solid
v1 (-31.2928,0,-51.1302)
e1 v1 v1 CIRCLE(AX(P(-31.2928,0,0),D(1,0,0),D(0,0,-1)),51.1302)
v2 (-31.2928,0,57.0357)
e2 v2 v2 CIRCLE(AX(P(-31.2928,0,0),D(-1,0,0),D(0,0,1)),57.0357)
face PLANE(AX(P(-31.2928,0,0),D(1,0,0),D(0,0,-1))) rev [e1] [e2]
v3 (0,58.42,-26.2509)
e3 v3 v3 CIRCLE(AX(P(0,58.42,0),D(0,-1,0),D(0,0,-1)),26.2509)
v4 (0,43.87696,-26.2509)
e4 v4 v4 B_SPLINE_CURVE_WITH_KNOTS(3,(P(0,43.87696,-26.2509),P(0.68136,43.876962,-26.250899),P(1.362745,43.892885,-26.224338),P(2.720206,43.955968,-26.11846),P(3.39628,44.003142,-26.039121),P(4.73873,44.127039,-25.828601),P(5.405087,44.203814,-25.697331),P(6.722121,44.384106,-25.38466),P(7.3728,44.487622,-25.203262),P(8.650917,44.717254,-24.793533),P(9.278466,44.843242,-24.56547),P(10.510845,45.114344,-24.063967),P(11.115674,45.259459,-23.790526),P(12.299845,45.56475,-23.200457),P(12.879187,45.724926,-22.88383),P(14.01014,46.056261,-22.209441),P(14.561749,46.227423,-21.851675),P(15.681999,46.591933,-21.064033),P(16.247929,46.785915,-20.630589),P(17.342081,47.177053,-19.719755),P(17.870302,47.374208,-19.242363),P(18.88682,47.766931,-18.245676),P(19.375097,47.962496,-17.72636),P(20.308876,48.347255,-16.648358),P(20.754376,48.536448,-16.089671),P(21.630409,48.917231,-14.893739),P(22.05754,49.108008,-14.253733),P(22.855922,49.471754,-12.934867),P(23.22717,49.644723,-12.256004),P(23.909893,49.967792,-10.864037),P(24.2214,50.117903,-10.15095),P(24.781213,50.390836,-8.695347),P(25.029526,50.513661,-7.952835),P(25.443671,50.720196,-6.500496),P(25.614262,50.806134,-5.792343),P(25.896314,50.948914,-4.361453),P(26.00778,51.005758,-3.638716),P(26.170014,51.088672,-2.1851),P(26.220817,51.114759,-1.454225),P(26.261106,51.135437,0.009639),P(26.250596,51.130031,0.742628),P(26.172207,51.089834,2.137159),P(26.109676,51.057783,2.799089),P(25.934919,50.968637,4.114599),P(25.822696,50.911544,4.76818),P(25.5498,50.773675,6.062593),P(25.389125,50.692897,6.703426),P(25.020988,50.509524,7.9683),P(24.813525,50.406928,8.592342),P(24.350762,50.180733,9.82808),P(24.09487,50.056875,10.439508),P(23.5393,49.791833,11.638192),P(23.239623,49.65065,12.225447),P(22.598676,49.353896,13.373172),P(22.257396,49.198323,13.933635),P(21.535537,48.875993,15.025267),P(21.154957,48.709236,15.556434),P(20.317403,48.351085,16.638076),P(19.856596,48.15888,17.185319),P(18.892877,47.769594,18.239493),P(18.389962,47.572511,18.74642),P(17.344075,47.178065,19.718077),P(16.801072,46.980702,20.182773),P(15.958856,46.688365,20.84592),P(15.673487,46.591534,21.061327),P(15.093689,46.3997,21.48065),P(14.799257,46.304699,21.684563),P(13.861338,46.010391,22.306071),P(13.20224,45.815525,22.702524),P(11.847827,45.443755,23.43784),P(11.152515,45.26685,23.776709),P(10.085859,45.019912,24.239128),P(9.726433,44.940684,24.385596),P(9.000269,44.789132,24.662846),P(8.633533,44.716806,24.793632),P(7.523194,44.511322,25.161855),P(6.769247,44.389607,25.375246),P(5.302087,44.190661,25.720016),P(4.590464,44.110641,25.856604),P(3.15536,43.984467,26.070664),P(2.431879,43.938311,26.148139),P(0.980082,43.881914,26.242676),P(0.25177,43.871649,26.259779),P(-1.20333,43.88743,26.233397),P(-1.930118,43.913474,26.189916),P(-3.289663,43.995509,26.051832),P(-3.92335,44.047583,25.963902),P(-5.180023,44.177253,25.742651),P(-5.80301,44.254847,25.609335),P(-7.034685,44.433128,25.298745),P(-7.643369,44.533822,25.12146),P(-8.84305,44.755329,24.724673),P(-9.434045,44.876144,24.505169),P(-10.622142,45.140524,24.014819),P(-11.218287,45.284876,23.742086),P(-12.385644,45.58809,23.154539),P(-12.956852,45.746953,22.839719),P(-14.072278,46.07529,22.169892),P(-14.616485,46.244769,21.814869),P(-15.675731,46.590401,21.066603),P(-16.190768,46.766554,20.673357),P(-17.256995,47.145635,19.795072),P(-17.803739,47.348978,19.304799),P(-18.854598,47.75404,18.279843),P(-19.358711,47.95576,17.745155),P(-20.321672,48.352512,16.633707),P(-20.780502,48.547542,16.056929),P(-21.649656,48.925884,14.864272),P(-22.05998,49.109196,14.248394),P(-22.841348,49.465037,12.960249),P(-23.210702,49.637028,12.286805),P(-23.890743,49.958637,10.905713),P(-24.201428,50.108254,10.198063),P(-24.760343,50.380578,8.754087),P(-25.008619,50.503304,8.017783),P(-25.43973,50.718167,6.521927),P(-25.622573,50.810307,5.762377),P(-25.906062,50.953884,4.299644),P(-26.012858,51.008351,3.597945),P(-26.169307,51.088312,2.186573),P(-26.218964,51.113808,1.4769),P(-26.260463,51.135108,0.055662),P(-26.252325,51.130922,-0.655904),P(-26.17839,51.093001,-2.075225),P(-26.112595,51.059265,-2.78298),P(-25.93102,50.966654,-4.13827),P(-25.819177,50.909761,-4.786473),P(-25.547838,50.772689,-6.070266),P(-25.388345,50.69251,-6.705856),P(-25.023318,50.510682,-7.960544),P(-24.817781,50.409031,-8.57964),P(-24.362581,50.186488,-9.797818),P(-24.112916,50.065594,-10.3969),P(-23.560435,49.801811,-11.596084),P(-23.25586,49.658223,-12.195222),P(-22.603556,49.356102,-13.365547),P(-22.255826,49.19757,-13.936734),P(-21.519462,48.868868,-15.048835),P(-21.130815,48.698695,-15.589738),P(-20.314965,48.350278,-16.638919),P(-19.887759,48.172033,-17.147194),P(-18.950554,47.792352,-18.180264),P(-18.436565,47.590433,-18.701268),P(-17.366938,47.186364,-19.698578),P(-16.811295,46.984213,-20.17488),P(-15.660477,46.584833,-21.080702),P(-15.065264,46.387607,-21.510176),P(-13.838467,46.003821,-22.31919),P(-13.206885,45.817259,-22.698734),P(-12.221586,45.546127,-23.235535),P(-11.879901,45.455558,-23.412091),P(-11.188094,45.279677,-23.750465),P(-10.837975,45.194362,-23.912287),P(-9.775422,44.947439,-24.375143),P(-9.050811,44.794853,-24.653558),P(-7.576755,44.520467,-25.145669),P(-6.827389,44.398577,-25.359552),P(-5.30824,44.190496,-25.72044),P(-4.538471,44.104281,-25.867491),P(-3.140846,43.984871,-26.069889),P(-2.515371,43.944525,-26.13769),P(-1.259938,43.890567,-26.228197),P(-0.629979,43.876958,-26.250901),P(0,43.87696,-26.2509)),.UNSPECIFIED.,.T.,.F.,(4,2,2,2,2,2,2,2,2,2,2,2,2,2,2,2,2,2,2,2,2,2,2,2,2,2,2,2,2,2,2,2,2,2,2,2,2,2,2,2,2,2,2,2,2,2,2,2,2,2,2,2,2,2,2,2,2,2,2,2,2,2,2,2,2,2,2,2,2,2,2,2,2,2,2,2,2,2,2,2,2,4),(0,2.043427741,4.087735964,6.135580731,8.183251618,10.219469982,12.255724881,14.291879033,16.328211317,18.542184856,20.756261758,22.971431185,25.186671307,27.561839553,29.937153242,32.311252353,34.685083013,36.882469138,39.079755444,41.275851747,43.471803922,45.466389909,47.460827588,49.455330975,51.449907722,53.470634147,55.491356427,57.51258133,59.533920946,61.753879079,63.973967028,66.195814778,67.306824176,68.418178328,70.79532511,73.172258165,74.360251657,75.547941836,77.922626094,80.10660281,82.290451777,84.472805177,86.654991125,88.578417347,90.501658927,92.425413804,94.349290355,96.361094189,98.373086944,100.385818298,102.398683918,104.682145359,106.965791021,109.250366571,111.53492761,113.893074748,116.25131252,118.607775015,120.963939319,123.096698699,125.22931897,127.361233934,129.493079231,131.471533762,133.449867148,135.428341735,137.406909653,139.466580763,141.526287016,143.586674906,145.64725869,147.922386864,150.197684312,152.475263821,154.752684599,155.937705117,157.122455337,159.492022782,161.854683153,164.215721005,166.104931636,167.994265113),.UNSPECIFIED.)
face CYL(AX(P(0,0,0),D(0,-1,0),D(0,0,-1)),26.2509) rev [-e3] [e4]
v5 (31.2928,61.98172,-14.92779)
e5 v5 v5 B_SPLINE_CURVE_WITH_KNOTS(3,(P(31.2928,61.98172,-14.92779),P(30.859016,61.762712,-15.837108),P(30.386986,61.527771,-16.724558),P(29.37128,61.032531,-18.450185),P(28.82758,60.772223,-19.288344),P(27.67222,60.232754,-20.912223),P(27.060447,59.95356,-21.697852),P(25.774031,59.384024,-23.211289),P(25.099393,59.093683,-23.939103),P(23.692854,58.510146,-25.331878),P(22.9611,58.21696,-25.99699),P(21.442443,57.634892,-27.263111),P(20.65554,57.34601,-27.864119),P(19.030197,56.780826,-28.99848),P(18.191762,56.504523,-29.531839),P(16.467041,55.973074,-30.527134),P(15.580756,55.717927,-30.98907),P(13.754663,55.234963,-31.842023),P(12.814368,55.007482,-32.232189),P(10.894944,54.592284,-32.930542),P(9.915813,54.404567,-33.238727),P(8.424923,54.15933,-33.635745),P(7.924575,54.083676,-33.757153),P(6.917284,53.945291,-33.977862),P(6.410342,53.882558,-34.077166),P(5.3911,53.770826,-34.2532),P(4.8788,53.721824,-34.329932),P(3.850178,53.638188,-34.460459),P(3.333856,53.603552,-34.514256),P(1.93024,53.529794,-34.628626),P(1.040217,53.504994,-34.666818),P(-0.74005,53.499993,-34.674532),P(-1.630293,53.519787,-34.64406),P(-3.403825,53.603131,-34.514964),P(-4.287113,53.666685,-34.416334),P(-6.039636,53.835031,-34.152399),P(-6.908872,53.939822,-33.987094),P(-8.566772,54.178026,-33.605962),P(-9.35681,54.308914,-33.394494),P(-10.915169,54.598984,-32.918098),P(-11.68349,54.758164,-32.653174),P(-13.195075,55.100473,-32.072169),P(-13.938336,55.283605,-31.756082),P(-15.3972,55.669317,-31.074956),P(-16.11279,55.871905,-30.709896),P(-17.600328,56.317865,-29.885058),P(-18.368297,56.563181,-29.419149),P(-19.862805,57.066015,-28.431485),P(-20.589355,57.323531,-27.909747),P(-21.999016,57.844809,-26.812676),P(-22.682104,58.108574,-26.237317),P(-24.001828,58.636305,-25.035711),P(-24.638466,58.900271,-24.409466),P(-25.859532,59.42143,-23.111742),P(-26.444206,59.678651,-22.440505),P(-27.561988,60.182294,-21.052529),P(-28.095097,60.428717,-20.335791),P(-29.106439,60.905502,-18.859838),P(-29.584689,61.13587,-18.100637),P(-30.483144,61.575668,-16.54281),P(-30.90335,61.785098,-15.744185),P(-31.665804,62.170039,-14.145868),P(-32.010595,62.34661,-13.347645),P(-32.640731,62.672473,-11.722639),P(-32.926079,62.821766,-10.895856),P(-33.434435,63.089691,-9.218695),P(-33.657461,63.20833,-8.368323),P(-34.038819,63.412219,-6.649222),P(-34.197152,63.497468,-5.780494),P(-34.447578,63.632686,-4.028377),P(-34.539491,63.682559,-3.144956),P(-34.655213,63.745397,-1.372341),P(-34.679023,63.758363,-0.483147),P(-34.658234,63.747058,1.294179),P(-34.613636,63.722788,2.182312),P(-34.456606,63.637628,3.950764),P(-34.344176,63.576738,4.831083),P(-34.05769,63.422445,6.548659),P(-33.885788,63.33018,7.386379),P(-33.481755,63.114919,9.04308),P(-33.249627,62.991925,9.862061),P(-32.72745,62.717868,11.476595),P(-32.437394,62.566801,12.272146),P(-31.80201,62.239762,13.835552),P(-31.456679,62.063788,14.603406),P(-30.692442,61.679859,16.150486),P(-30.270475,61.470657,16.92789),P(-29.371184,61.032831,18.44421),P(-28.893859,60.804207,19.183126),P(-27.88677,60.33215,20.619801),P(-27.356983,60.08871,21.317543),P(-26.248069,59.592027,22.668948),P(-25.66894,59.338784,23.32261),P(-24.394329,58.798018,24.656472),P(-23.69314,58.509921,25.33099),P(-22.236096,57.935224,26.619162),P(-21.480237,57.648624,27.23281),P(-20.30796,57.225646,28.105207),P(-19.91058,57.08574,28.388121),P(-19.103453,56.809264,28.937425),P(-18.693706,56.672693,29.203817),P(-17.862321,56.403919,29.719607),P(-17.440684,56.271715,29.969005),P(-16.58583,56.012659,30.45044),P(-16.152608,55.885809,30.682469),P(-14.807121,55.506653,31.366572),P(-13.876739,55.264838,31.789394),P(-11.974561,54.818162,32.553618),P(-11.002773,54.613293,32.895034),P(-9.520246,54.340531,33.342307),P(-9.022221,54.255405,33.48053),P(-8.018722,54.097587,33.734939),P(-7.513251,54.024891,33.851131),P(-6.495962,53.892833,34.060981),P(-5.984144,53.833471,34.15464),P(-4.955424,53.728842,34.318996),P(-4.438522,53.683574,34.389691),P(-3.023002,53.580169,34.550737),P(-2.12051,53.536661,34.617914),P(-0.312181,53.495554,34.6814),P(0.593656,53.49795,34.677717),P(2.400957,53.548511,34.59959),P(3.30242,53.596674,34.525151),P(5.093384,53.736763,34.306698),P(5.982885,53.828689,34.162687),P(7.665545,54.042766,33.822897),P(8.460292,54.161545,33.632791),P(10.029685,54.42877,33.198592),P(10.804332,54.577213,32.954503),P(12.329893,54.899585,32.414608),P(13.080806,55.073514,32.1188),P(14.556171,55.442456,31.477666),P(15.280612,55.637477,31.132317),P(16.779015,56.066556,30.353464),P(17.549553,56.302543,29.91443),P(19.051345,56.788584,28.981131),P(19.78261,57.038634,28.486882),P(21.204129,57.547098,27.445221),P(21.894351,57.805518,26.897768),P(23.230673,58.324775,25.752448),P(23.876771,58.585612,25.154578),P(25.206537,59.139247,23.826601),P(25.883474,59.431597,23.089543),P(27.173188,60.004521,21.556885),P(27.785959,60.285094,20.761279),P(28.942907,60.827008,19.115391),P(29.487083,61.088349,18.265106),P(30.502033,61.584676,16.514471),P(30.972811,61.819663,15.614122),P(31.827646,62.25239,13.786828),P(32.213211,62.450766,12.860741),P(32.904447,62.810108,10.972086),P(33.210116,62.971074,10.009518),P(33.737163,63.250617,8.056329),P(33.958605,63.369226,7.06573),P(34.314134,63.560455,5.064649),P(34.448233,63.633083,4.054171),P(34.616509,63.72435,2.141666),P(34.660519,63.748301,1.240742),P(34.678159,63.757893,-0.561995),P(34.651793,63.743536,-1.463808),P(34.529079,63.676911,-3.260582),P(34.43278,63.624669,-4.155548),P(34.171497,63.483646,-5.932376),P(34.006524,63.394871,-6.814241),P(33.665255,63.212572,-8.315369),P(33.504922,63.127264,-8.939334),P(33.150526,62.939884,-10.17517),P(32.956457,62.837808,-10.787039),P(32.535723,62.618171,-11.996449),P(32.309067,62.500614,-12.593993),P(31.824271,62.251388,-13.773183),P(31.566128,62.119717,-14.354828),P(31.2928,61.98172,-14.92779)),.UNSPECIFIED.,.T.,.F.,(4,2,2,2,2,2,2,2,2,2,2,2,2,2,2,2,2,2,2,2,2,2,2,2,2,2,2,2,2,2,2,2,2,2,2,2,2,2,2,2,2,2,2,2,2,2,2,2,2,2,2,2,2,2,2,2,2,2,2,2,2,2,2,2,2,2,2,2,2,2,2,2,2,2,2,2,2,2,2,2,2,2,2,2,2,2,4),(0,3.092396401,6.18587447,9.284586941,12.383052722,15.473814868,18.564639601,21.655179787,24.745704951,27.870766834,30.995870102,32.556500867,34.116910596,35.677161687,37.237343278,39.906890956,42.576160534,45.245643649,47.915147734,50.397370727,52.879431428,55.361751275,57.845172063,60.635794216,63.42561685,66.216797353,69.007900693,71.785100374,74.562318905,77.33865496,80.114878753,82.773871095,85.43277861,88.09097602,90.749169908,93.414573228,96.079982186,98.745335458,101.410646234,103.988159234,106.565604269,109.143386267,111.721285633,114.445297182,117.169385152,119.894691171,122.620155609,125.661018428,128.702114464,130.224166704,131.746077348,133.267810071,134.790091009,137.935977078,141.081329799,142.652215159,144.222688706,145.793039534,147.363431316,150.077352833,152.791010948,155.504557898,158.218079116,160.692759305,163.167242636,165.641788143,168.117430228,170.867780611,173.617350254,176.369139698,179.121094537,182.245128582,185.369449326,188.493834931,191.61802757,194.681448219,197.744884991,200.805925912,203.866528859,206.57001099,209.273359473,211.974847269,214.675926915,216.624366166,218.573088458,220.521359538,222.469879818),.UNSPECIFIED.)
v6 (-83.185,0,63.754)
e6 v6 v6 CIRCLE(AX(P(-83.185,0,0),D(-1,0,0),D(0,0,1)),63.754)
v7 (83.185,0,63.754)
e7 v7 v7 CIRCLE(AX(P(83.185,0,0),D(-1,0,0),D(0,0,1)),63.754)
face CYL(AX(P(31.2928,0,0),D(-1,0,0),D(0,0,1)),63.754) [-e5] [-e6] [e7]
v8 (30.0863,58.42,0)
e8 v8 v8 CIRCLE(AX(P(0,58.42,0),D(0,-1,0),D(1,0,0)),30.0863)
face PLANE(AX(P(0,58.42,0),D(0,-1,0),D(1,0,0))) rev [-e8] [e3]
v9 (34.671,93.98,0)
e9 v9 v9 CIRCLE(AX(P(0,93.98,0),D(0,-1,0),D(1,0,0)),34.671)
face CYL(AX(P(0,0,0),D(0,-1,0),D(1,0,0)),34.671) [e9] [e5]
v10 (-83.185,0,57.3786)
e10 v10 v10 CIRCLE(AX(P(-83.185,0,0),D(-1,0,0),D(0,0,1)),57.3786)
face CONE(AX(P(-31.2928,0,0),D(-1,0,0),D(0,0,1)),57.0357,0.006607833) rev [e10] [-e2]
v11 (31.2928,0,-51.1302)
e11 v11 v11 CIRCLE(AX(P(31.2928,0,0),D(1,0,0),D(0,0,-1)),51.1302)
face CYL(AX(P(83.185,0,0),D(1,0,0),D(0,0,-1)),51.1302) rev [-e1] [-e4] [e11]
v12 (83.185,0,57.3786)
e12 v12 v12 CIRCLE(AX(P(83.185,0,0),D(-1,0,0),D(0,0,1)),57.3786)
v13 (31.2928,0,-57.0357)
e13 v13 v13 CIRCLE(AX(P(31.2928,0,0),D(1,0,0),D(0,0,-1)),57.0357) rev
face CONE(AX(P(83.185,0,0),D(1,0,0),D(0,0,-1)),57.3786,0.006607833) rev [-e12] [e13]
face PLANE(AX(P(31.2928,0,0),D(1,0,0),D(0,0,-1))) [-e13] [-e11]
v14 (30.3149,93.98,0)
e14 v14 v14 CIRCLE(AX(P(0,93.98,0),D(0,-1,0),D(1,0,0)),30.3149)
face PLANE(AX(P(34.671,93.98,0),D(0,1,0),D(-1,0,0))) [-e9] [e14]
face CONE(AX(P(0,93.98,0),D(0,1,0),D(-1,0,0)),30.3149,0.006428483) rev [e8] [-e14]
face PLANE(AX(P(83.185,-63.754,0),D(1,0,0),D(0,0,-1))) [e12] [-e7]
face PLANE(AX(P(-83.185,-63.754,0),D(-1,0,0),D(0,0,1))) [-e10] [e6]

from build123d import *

# Parameters (mm, degrees)
SKETCH4_R           = 63.754
BOSS_EXTRUDE1_DEPTH = 62.5856
SKETCH5_R           = 34.671
BOSS_EXTRUDE2_DEPTH = 58.42


with BuildPart() as part:
    # Sketch1 → Revolve1 (revolve)
    with BuildSketch(Plane.XY):
        Polygon((-83.185, -63.754), (-31.2928, -63.754), (-31.2928, -57.0357), (-83.185, -57.3786), align=None)
        Polygon((83.185, -57.3786), (31.2928, -57.0357), (31.2928, -63.754), (83.185, -63.754), align=None)
    revolve(axis=Axis((-83.185, 0, 0), (1, 0, 0)))



with BuildPart() as body_2:
    # Sketch2 → Revolve2 (revolve)
    with BuildSketch(Plane.XY):
        Polygon((30.3149, 93.98), (30.0863, 58.42), (34.671, 58.42), (34.671, 93.98), align=None)
    revolve(axis=Axis((0, 0, 0), (0, 1, 0)))


with BuildPart() as part_1:
    add(part.part)

    add(body_2.part)  # Boss-Extrude1 merges body 2
    # Sketch4 → Boss-Extrude1 (add)
    with BuildSketch(Plane(origin=(-31.2928, 0, 0), x_dir=(0, 0, -1), z_dir=(1, 0, 0))):
        Circle(SKETCH4_R)
    extrude(amount=BOSS_EXTRUDE1_DEPTH)

    # Sketch5 → Boss-Extrude2 (add)
    with BuildSketch(Plane.XZ.offset(-58.42)):
        Circle(SKETCH5_R)
    extrude(amount=BOSS_EXTRUDE2_DEPTH)

    # Sketch6 → Cut-Revolve1 (revolve, cut)
    with BuildSketch(Plane.XY):
        Polygon((-83.185, -57.3786), (-31.2928, -57.0357), (-31.2928, -51.1302), (31.2928, -51.1302), (31.2928, -57.0357), (83.185, -57.3786), (83.185, 0), (-83.185, 0), align=None)
    revolve(axis=Axis((83.185, 0, 0), (-1, 0, 0)), mode=Mode.SUBTRACT)

    # Sketch7 → Cut-Revolve2 (revolve, cut)
    with BuildSketch(Plane.XY):
        Polygon((30.3149, 93.98), (30.0863, 58.42), (26.2509, 58.42), (26.2509, 0), (0, 0), (0, 93.98), align=None)
    revolve(axis=Axis((0, 0, 0), (0, 1, 0)), mode=Mode.SUBTRACT)


solid = part_1.part
